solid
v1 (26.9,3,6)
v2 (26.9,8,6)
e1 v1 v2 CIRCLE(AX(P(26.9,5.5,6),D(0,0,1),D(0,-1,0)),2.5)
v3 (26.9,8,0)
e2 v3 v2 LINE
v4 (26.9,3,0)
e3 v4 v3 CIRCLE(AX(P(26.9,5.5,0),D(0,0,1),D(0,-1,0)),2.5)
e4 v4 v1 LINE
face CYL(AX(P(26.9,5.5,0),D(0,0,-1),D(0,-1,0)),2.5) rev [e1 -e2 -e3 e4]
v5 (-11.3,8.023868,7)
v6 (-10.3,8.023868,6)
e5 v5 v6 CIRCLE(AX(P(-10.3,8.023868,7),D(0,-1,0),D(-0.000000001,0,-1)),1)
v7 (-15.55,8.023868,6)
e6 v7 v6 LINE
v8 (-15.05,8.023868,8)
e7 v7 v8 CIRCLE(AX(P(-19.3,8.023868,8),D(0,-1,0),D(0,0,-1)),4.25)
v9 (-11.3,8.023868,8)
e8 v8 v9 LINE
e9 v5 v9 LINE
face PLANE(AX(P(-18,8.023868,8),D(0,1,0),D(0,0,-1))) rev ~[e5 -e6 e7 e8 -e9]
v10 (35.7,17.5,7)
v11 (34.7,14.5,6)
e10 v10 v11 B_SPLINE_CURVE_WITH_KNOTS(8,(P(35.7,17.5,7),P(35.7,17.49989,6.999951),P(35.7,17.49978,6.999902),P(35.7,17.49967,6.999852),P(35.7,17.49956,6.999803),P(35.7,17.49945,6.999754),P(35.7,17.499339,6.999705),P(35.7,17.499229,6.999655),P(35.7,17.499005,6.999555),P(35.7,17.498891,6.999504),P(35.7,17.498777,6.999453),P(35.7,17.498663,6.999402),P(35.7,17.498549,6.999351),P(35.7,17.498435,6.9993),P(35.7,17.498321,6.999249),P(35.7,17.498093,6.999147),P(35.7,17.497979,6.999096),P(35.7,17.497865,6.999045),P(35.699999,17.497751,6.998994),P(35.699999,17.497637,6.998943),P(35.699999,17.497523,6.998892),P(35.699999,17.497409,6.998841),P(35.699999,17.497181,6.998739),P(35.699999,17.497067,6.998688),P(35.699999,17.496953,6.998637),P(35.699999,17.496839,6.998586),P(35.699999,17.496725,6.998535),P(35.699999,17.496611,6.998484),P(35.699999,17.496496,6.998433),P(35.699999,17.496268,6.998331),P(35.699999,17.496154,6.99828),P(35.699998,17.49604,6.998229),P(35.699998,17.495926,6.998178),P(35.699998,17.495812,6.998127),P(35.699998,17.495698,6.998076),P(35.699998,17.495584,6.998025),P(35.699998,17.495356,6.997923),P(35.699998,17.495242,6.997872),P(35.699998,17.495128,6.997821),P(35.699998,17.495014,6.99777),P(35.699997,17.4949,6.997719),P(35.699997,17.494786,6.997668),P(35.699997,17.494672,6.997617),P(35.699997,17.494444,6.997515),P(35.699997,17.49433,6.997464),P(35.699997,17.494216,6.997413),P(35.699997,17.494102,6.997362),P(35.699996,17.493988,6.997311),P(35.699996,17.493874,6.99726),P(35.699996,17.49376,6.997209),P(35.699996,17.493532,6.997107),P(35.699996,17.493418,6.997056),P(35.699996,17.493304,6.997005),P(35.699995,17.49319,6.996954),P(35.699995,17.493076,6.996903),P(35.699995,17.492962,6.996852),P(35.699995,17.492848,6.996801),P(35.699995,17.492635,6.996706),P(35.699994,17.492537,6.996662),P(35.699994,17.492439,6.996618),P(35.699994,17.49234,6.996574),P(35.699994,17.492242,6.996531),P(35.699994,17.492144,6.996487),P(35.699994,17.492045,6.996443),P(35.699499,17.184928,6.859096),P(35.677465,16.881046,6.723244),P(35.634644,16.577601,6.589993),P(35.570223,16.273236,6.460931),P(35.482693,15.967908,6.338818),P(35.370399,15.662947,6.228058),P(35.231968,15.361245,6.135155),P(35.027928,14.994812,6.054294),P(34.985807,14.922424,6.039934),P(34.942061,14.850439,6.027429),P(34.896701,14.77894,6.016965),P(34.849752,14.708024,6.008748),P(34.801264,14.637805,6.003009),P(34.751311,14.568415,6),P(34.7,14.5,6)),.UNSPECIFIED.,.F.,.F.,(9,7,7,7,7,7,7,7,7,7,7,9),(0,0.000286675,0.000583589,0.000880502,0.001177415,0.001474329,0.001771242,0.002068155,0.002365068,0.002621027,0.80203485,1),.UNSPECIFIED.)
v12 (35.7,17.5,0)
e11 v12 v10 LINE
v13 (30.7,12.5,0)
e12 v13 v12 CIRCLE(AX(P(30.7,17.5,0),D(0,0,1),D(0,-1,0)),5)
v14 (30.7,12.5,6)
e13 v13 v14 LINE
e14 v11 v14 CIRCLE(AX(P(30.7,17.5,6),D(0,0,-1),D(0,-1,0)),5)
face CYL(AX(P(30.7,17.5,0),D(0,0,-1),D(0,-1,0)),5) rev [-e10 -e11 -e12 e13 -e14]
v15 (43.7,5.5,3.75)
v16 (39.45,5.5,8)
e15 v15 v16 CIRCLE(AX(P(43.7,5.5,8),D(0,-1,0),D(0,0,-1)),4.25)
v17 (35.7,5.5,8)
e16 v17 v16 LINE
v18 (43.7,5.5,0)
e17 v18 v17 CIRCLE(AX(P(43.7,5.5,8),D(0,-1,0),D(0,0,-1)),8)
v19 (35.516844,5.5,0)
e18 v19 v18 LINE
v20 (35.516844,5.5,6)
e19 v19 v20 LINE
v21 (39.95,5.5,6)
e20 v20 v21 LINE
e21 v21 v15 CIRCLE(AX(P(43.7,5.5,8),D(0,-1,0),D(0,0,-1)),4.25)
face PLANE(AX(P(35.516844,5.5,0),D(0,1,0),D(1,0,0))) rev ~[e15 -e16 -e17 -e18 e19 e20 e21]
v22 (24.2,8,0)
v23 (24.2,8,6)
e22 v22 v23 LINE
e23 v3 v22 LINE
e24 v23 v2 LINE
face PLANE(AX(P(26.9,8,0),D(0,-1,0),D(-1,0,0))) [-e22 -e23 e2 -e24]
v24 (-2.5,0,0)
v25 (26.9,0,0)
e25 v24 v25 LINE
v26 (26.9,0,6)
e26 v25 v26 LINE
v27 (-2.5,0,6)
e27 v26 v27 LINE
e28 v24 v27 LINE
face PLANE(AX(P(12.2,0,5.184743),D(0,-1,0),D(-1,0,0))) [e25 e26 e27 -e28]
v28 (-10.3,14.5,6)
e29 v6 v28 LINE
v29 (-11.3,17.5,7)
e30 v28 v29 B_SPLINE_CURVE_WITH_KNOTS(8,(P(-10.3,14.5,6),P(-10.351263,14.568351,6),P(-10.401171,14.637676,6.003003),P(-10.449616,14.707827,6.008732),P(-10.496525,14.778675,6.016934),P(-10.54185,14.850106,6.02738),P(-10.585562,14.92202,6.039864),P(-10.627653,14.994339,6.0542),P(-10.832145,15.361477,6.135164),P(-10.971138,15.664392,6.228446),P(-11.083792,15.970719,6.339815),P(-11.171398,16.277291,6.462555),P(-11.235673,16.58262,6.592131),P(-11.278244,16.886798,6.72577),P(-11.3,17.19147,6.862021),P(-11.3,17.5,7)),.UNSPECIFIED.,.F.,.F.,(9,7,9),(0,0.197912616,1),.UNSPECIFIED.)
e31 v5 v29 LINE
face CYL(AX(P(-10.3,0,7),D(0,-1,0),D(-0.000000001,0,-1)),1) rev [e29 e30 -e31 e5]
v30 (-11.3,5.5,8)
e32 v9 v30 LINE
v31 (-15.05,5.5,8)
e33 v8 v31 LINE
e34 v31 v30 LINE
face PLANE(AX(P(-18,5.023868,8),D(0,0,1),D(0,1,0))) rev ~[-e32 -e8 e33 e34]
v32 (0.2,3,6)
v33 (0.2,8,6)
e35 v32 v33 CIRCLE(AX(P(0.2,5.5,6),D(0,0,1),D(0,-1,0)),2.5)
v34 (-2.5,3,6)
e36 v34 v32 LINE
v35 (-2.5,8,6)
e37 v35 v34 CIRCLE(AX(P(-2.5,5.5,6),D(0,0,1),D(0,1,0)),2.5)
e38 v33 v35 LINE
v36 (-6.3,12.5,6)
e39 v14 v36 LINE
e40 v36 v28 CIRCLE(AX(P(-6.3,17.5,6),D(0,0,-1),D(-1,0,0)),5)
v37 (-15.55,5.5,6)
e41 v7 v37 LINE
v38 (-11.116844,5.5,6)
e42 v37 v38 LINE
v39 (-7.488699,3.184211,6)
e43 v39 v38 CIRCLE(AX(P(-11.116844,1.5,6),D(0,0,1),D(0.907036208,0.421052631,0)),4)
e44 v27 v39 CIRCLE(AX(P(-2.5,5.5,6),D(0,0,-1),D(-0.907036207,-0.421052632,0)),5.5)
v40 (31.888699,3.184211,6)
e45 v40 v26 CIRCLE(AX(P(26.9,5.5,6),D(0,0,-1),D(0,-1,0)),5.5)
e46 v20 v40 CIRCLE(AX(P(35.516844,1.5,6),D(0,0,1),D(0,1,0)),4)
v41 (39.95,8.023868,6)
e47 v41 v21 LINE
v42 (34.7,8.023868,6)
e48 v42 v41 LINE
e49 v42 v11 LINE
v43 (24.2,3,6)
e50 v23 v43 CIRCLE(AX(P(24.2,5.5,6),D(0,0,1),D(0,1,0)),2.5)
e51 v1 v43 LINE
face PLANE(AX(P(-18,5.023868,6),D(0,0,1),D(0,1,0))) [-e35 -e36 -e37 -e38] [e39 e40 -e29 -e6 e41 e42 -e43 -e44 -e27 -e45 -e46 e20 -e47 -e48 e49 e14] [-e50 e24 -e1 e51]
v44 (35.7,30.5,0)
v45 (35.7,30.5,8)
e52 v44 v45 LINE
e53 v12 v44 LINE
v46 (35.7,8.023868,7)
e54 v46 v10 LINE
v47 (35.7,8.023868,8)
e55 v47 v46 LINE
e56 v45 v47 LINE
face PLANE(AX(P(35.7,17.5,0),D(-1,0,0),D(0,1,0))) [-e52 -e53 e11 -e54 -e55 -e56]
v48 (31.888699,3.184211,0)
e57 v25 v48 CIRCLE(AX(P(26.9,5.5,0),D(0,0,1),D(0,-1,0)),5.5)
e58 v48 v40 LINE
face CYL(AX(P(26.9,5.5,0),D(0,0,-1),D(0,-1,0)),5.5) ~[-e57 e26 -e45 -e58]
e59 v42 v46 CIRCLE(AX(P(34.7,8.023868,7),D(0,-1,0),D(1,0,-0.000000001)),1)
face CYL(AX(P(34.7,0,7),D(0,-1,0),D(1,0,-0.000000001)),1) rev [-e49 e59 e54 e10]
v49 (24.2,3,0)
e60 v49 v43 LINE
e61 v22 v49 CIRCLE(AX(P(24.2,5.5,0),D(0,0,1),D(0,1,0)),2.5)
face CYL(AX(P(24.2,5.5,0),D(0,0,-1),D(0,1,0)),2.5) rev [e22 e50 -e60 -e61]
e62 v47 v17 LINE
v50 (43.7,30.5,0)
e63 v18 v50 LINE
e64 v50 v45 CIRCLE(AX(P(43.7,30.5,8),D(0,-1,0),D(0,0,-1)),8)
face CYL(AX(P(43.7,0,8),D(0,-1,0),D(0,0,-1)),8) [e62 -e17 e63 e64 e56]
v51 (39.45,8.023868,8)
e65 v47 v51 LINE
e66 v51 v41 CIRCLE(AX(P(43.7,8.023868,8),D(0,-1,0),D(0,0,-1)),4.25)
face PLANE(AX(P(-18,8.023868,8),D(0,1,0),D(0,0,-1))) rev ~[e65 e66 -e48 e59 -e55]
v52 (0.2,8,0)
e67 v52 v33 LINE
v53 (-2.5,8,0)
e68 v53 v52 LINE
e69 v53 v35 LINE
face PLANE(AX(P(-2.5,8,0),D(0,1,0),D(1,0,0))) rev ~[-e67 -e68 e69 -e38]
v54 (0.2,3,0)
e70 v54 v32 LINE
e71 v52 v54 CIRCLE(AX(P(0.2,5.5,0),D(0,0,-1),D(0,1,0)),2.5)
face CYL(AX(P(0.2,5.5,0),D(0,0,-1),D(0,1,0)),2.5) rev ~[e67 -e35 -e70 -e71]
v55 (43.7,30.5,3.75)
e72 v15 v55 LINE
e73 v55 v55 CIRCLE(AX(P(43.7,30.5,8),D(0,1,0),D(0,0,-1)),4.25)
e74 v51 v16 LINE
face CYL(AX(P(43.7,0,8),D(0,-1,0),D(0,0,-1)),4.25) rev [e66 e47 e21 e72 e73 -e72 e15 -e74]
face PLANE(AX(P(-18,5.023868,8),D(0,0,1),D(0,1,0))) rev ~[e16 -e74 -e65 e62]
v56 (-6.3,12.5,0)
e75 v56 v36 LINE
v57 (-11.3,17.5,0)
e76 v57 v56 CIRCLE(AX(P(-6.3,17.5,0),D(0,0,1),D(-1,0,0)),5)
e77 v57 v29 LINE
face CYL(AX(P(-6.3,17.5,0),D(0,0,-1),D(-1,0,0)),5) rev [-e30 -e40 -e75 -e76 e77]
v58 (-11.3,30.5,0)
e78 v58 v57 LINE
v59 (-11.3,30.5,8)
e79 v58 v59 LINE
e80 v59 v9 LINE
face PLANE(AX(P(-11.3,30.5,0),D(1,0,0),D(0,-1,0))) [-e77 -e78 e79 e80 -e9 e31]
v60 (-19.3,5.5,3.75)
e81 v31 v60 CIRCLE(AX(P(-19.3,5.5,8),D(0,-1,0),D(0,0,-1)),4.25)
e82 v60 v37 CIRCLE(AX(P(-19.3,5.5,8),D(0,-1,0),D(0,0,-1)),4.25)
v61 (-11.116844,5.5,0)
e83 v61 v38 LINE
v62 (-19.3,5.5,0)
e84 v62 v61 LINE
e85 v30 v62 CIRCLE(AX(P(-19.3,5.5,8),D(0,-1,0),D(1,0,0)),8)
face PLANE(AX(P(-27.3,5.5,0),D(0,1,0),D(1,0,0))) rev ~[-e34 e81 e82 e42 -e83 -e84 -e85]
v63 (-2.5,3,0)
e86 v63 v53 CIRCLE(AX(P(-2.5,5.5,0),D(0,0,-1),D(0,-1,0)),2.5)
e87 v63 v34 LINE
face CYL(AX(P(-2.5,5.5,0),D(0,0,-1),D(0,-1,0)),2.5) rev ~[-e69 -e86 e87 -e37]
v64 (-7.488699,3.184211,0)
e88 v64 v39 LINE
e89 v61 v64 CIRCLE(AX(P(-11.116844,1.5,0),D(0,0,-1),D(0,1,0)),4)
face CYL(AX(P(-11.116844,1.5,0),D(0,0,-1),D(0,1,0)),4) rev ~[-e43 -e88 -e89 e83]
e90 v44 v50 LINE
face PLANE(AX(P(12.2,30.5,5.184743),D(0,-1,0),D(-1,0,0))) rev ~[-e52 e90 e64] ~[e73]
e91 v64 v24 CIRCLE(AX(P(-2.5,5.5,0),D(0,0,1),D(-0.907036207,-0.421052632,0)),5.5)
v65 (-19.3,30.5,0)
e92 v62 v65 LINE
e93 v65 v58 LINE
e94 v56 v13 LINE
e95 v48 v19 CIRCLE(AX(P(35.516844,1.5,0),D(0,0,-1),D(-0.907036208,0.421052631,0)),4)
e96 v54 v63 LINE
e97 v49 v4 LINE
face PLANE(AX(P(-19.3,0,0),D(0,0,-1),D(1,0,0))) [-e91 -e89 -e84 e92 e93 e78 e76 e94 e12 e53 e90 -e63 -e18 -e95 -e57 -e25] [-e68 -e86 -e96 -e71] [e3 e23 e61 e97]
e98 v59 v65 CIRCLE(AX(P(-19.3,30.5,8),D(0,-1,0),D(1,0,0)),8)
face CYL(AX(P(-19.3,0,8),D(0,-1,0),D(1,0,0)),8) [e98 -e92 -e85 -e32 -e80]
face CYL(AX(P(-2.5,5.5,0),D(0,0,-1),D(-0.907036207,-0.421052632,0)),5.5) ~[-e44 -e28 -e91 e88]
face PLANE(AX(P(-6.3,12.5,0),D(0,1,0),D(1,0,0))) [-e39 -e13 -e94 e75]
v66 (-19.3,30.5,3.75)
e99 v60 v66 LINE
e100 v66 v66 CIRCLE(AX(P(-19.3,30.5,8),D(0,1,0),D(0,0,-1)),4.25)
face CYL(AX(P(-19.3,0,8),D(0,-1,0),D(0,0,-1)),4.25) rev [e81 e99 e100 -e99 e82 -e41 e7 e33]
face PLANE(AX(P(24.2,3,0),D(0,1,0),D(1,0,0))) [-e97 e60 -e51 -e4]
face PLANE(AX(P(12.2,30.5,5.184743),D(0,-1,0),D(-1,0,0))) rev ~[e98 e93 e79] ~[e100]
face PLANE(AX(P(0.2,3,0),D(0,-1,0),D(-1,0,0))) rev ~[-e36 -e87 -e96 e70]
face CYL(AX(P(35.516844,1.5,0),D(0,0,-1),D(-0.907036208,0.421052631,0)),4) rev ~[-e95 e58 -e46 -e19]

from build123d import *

# Parameters (mm, degrees)
SKETCH_5_R               = 4.25
EXTRUDE_5_DEPTH          = 30.5
CUT_EXTRUDE_2_DEPTH      = 63.121976788
CUT_EXTRUDE_5_DEPTH      = 42
CUT_EXTRUDE_5_DEPTH_BACK = 18
SKETCH_9_W               = 2
SKETCH_9_H               = 3


with BuildPart() as part:
    # 草图5 → 凸台-拉伸5 (new body)
    with BuildSketch(Plane(origin=(0, 0, 0), x_dir=(1, 0, 0), z_dir=(0, 1, 0))):
        with BuildLine():
            Line((-19.3, 0), (43.7, 0))
            ThreePointArc((43.7, 0), (49.356854249, -13.656854249), (35.7, -8))
            Line((35.7, -8), (35.7, -7))
            ThreePointArc((35.7, -7), (35.407106781, -6.292893219), (34.7, -6))
            Line((34.7, -6), (-10.3, -6))
            ThreePointArc((-10.3, -6), (-11.007106781, -6.292893219), (-11.3, -7))
            Line((-11.3, -7), (-11.3, -8))
            ThreePointArc((-11.3, -8), (-24.956854249, -13.656854249), (-19.3, 0))
        make_face()
        with Locations(Location((-19.3, -8, 0), (0, 0, 90))):
            Circle(SKETCH_5_R, mode=Mode.SUBTRACT)
        with Locations(Location((43.7, -8, 0), (0, 0, 90))):
            Circle(SKETCH_5_R, mode=Mode.SUBTRACT)
    extrude(amount=EXTRUDE_5_DEPTH)

    # 草图1 → 切除-拉伸2 (cut, through all)
    with BuildSketch(Plane.XY):
        with BuildLine():
            Line((24.2, 3), (26.9, 3))
            ThreePointArc((26.9, 3), (29.4, 5.5), (26.9, 8))
            Line((26.9, 8), (24.2, 8))
            ThreePointArc((24.2, 8), (21.7, 5.5), (24.2, 3))
        make_face()
        with BuildLine():
            Line((-2.5, 8), (0.2, 8))
            ThreePointArc((0.2, 8), (2.7, 5.5), (0.2, 3))
            Line((0.2, 3), (-2.5, 3))
            ThreePointArc((-2.5, 3), (-5, 5.5), (-2.5, 8))
        make_face()
        with BuildLine():
            Line((35.51684397, 5.5), (51.7, 5.5))
            Line((51.7, 5.5), (51.7, 0))
            Line((51.7, 0), (26.9, 0))
            ThreePointArc((26.9, 0), (29.859151728, 0.863900233), (31.88869914, 3.184210526))
            ThreePointArc((31.88869914, 3.184210526), (33.364733622, 4.871708922), (35.51684397, 5.5))
        make_face()
        with BuildLine():
            Line((-27.3, 5.5), (-11.11684397, 5.5))
            ThreePointArc((-11.11684397, 5.5), (-8.964733622, 4.871708922), (-7.48869914, 3.184210526))
            ThreePointArc((-7.48869914, 3.184210526), (-5.459151728, 0.863900233), (-2.5, 0))
            Line((-2.5, 0), (-27.3, 0))
            Line((-27.3, 0), (-27.3, 5.5))
        make_face()
        with BuildLine():
            Line((-11.3, 30.5), (-11.3, 17.5))
            ThreePointArc((-11.3, 17.5), (-9.835533906, 13.964466094), (-6.3, 12.5))
            Line((-6.3, 12.5), (30.7, 12.5))
            ThreePointArc((30.7, 12.5), (34.235533906, 13.964466094), (35.7, 17.5))
            Line((35.7, 17.5), (35.7, 30.5))
            Line((35.7, 30.5), (-11.3, 30.5))
        make_face()
    extrude(amount=CUT_EXTRUDE_2_DEPTH, mode=Mode.SUBTRACT)

    # 草图9 → 切除-拉伸5 (cut, two sides: drawn at the far end of the back side and taken through both)
    with BuildSketch(Plane(origin=(0, 0, 0), x_dir=(0, 0, -1), z_dir=(1, 0, 0)).offset(-CUT_EXTRUDE_5_DEPTH_BACK)):
        with Locations((-7, 6.523868095)):
            Rectangle(SKETCH_9_W, SKETCH_9_H)
    extrude(amount=CUT_EXTRUDE_5_DEPTH + CUT_EXTRUDE_5_DEPTH_BACK, mode=Mode.SUBTRACT)


solid = part.part
